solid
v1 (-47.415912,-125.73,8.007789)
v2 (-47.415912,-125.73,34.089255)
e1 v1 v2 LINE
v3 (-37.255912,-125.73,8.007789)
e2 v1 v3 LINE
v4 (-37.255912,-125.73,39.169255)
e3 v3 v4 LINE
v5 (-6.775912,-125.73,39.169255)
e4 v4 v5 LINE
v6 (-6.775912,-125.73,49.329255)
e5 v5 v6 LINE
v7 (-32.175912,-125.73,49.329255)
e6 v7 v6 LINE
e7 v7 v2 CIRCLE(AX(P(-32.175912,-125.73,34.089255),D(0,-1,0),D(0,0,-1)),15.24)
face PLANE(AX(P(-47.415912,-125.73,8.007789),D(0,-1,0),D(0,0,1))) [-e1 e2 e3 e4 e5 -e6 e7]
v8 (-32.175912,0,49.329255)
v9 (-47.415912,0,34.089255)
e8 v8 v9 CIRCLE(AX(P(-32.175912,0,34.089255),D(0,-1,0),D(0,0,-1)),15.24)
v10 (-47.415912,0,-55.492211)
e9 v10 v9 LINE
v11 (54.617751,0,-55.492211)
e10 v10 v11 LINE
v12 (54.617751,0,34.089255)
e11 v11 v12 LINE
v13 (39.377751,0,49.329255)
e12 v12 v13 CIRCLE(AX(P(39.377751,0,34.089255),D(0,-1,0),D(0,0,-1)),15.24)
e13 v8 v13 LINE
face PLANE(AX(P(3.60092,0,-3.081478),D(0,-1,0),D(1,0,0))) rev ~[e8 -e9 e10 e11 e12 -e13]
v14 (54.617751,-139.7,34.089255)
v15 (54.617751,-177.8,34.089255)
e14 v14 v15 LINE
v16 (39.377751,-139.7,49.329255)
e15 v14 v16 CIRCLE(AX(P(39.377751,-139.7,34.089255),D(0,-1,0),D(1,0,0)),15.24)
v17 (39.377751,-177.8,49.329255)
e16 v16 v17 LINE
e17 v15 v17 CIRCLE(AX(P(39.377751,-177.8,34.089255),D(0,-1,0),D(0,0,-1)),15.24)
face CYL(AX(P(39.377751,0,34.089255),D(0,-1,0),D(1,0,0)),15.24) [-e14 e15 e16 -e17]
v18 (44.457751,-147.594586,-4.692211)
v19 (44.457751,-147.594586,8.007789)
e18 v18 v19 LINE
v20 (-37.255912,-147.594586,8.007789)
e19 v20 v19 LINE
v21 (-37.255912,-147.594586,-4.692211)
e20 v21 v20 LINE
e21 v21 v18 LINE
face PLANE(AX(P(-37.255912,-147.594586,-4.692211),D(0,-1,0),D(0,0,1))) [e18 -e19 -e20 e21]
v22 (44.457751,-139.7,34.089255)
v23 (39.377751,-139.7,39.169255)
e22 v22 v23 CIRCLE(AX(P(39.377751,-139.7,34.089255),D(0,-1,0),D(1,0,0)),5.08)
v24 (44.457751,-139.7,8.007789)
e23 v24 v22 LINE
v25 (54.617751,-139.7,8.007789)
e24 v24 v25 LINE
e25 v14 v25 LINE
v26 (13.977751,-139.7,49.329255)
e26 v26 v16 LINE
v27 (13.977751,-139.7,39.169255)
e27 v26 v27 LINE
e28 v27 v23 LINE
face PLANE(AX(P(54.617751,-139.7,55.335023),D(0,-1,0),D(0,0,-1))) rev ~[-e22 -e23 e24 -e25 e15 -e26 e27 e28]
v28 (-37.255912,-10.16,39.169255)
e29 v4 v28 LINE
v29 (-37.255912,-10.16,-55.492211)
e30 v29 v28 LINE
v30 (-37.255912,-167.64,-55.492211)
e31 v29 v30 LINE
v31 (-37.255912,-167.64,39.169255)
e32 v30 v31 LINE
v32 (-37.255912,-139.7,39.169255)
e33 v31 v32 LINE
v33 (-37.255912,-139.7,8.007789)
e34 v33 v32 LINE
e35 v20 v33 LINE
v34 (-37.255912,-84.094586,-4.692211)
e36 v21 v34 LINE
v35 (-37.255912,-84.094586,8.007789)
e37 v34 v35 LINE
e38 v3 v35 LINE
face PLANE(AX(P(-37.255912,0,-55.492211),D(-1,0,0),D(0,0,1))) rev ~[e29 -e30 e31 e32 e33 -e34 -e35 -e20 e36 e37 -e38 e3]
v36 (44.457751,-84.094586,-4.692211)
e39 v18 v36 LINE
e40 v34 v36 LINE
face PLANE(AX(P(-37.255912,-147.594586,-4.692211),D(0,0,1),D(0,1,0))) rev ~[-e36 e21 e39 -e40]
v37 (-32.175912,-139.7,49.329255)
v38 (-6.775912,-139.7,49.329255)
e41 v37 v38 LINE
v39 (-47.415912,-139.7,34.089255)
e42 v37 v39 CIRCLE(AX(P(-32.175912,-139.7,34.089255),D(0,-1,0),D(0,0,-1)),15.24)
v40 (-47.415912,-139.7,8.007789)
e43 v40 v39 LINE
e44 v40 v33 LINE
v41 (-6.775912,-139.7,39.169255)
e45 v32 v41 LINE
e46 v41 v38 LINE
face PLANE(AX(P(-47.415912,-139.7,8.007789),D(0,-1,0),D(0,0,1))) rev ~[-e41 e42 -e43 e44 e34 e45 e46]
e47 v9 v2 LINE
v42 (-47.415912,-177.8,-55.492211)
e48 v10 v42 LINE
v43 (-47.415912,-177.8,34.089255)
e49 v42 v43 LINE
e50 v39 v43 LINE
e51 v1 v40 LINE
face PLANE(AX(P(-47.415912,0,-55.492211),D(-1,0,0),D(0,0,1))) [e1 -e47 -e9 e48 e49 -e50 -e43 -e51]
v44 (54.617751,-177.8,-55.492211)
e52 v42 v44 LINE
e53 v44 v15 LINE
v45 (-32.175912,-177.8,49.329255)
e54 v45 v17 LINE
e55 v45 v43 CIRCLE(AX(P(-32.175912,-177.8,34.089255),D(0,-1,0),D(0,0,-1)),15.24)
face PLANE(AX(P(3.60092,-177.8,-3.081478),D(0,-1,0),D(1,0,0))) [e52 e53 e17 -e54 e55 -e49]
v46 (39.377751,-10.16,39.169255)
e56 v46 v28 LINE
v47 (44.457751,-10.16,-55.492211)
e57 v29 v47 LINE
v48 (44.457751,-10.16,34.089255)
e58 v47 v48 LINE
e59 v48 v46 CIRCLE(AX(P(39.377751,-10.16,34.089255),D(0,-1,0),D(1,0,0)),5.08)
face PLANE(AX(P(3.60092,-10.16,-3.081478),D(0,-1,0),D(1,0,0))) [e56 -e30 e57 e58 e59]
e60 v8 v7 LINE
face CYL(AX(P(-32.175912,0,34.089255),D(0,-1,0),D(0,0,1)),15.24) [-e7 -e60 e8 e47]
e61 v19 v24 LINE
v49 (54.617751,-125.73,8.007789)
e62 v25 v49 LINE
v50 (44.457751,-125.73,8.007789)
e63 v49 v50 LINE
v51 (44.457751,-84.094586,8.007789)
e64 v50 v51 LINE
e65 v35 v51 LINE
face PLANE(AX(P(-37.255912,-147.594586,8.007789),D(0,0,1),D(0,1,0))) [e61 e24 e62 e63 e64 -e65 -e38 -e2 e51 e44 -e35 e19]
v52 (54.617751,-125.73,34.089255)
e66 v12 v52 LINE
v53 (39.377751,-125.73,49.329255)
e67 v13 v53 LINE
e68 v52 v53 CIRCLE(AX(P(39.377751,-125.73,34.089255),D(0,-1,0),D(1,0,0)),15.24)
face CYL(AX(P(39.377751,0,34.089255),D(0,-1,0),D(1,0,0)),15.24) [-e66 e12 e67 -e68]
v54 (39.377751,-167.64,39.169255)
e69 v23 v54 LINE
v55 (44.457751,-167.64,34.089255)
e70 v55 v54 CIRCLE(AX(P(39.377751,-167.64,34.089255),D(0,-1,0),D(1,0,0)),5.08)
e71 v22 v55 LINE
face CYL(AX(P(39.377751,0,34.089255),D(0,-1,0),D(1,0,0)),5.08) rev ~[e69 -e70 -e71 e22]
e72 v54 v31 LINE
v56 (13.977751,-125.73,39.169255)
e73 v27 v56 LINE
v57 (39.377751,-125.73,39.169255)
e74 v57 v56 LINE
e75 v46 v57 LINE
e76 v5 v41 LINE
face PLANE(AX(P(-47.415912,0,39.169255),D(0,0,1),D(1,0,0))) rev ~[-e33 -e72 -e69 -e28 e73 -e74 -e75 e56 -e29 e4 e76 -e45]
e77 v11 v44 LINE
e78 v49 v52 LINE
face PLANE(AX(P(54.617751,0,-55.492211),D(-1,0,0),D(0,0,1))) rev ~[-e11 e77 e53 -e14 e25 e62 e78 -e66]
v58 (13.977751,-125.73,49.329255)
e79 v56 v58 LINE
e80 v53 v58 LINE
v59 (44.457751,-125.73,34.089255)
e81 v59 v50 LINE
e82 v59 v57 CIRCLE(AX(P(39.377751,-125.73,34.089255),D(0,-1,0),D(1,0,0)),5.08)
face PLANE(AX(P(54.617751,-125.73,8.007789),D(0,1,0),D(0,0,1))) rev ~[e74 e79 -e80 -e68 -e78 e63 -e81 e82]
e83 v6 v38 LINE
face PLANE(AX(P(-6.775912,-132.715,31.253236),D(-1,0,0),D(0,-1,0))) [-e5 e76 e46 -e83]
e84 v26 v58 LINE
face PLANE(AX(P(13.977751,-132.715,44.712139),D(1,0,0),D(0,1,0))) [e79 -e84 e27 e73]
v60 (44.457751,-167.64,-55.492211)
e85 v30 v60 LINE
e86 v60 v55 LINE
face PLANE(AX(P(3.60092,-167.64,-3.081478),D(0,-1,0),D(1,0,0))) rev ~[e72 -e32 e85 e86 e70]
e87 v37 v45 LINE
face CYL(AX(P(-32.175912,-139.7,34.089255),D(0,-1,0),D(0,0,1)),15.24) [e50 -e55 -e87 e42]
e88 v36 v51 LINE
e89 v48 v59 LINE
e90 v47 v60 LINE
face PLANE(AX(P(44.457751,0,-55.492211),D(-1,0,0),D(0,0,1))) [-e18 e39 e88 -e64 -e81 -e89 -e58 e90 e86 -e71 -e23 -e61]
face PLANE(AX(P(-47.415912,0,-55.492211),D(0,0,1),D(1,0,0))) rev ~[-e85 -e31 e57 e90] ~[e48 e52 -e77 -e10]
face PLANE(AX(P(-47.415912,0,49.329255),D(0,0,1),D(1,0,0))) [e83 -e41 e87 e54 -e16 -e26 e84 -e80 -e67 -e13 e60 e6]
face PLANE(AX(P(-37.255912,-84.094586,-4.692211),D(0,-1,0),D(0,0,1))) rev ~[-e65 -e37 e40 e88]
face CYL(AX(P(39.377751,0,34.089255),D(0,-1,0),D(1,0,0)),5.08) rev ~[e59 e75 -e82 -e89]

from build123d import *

# Parameters (mm, degrees)
F0_W      = 102.0336635411
F0_H      = 104.8214659095
F1_DEPTH  = 177.8
F2_R      = 15.24
F3_T      = -10.16
F4_W      = 13.97
F4_H      = 21.2457677329
F4_H_2    = 26.0814659095
F6_DEPTH  = 40.64
F5_W      = 13.97
F5_H      = 46.4908947945
F7_DEPTH  = 40.64
F8_R      = 15.24
F10_W     = 63.5
F10_H     = 12.7
F11_DEPTH = 91.186


with BuildPart() as f1:
    # F0 (on Front) → F1 (new body)
    with BuildSketch(Plane.XZ):
        with Locations((3.6009196192, -3.0814781785)):
            Rectangle(F0_W, F0_H)
    extrude(amount=F1_DEPTH)

    # F2
    f2_edges = [f1.edges().sort_by_distance(p)[0] for p in [
        (54.617751, -88.9, 49.329255),
    ]]
    fillet(f2_edges, radius=F2_R)

    # F3
    f3_openings = [f1.faces().sort_by_distance(p)[0] for p in [
        (3.60092, -88.9, -55.492211),
    ]]
    offset(amount=F3_T, openings=f3_openings)

    # F4 (on face) → F6 (cut)
    with BuildSketch(Plane.YZ.offset(54.6177513897)):
        with Locations((-132.715, 44.7121386427)):
            Rectangle(F4_W, F4_H)
        with Locations((-132.715, 21.0485218215)):
            Rectangle(F4_W, F4_H_2)
    extrude(amount=-F6_DEPTH, mode=Mode.SUBTRACT)

    # F5 (on face) → F7 (cut)
    with BuildSketch(Plane(origin=(-47.4159121513, 0, 0), x_dir=(0, -1, 0), z_dir=(-1, 0, 0))):
        with Locations((132.715, 31.253236264)):
            Rectangle(F5_W, F5_H)
    extrude(amount=-F7_DEPTH, mode=Mode.SUBTRACT)

    # F8
    f8_edges = [f1.edges().sort_by_distance(p)[0] for p in [
        (-47.415912, -62.865, 49.329255),
        (-47.415912, -158.75, 49.329255),
    ]]
    fillet(f8_edges, radius=F8_R)

    # F10 (on face) → F11 (join)
    with BuildSketch(Plane.YZ.offset(-37.2559121513)):
        with Locations((-115.8445860147, 1.6577888668)):
            Rectangle(F10_W, F10_H)
    extrude(amount=F11_DEPTH)


solid = f1.part
